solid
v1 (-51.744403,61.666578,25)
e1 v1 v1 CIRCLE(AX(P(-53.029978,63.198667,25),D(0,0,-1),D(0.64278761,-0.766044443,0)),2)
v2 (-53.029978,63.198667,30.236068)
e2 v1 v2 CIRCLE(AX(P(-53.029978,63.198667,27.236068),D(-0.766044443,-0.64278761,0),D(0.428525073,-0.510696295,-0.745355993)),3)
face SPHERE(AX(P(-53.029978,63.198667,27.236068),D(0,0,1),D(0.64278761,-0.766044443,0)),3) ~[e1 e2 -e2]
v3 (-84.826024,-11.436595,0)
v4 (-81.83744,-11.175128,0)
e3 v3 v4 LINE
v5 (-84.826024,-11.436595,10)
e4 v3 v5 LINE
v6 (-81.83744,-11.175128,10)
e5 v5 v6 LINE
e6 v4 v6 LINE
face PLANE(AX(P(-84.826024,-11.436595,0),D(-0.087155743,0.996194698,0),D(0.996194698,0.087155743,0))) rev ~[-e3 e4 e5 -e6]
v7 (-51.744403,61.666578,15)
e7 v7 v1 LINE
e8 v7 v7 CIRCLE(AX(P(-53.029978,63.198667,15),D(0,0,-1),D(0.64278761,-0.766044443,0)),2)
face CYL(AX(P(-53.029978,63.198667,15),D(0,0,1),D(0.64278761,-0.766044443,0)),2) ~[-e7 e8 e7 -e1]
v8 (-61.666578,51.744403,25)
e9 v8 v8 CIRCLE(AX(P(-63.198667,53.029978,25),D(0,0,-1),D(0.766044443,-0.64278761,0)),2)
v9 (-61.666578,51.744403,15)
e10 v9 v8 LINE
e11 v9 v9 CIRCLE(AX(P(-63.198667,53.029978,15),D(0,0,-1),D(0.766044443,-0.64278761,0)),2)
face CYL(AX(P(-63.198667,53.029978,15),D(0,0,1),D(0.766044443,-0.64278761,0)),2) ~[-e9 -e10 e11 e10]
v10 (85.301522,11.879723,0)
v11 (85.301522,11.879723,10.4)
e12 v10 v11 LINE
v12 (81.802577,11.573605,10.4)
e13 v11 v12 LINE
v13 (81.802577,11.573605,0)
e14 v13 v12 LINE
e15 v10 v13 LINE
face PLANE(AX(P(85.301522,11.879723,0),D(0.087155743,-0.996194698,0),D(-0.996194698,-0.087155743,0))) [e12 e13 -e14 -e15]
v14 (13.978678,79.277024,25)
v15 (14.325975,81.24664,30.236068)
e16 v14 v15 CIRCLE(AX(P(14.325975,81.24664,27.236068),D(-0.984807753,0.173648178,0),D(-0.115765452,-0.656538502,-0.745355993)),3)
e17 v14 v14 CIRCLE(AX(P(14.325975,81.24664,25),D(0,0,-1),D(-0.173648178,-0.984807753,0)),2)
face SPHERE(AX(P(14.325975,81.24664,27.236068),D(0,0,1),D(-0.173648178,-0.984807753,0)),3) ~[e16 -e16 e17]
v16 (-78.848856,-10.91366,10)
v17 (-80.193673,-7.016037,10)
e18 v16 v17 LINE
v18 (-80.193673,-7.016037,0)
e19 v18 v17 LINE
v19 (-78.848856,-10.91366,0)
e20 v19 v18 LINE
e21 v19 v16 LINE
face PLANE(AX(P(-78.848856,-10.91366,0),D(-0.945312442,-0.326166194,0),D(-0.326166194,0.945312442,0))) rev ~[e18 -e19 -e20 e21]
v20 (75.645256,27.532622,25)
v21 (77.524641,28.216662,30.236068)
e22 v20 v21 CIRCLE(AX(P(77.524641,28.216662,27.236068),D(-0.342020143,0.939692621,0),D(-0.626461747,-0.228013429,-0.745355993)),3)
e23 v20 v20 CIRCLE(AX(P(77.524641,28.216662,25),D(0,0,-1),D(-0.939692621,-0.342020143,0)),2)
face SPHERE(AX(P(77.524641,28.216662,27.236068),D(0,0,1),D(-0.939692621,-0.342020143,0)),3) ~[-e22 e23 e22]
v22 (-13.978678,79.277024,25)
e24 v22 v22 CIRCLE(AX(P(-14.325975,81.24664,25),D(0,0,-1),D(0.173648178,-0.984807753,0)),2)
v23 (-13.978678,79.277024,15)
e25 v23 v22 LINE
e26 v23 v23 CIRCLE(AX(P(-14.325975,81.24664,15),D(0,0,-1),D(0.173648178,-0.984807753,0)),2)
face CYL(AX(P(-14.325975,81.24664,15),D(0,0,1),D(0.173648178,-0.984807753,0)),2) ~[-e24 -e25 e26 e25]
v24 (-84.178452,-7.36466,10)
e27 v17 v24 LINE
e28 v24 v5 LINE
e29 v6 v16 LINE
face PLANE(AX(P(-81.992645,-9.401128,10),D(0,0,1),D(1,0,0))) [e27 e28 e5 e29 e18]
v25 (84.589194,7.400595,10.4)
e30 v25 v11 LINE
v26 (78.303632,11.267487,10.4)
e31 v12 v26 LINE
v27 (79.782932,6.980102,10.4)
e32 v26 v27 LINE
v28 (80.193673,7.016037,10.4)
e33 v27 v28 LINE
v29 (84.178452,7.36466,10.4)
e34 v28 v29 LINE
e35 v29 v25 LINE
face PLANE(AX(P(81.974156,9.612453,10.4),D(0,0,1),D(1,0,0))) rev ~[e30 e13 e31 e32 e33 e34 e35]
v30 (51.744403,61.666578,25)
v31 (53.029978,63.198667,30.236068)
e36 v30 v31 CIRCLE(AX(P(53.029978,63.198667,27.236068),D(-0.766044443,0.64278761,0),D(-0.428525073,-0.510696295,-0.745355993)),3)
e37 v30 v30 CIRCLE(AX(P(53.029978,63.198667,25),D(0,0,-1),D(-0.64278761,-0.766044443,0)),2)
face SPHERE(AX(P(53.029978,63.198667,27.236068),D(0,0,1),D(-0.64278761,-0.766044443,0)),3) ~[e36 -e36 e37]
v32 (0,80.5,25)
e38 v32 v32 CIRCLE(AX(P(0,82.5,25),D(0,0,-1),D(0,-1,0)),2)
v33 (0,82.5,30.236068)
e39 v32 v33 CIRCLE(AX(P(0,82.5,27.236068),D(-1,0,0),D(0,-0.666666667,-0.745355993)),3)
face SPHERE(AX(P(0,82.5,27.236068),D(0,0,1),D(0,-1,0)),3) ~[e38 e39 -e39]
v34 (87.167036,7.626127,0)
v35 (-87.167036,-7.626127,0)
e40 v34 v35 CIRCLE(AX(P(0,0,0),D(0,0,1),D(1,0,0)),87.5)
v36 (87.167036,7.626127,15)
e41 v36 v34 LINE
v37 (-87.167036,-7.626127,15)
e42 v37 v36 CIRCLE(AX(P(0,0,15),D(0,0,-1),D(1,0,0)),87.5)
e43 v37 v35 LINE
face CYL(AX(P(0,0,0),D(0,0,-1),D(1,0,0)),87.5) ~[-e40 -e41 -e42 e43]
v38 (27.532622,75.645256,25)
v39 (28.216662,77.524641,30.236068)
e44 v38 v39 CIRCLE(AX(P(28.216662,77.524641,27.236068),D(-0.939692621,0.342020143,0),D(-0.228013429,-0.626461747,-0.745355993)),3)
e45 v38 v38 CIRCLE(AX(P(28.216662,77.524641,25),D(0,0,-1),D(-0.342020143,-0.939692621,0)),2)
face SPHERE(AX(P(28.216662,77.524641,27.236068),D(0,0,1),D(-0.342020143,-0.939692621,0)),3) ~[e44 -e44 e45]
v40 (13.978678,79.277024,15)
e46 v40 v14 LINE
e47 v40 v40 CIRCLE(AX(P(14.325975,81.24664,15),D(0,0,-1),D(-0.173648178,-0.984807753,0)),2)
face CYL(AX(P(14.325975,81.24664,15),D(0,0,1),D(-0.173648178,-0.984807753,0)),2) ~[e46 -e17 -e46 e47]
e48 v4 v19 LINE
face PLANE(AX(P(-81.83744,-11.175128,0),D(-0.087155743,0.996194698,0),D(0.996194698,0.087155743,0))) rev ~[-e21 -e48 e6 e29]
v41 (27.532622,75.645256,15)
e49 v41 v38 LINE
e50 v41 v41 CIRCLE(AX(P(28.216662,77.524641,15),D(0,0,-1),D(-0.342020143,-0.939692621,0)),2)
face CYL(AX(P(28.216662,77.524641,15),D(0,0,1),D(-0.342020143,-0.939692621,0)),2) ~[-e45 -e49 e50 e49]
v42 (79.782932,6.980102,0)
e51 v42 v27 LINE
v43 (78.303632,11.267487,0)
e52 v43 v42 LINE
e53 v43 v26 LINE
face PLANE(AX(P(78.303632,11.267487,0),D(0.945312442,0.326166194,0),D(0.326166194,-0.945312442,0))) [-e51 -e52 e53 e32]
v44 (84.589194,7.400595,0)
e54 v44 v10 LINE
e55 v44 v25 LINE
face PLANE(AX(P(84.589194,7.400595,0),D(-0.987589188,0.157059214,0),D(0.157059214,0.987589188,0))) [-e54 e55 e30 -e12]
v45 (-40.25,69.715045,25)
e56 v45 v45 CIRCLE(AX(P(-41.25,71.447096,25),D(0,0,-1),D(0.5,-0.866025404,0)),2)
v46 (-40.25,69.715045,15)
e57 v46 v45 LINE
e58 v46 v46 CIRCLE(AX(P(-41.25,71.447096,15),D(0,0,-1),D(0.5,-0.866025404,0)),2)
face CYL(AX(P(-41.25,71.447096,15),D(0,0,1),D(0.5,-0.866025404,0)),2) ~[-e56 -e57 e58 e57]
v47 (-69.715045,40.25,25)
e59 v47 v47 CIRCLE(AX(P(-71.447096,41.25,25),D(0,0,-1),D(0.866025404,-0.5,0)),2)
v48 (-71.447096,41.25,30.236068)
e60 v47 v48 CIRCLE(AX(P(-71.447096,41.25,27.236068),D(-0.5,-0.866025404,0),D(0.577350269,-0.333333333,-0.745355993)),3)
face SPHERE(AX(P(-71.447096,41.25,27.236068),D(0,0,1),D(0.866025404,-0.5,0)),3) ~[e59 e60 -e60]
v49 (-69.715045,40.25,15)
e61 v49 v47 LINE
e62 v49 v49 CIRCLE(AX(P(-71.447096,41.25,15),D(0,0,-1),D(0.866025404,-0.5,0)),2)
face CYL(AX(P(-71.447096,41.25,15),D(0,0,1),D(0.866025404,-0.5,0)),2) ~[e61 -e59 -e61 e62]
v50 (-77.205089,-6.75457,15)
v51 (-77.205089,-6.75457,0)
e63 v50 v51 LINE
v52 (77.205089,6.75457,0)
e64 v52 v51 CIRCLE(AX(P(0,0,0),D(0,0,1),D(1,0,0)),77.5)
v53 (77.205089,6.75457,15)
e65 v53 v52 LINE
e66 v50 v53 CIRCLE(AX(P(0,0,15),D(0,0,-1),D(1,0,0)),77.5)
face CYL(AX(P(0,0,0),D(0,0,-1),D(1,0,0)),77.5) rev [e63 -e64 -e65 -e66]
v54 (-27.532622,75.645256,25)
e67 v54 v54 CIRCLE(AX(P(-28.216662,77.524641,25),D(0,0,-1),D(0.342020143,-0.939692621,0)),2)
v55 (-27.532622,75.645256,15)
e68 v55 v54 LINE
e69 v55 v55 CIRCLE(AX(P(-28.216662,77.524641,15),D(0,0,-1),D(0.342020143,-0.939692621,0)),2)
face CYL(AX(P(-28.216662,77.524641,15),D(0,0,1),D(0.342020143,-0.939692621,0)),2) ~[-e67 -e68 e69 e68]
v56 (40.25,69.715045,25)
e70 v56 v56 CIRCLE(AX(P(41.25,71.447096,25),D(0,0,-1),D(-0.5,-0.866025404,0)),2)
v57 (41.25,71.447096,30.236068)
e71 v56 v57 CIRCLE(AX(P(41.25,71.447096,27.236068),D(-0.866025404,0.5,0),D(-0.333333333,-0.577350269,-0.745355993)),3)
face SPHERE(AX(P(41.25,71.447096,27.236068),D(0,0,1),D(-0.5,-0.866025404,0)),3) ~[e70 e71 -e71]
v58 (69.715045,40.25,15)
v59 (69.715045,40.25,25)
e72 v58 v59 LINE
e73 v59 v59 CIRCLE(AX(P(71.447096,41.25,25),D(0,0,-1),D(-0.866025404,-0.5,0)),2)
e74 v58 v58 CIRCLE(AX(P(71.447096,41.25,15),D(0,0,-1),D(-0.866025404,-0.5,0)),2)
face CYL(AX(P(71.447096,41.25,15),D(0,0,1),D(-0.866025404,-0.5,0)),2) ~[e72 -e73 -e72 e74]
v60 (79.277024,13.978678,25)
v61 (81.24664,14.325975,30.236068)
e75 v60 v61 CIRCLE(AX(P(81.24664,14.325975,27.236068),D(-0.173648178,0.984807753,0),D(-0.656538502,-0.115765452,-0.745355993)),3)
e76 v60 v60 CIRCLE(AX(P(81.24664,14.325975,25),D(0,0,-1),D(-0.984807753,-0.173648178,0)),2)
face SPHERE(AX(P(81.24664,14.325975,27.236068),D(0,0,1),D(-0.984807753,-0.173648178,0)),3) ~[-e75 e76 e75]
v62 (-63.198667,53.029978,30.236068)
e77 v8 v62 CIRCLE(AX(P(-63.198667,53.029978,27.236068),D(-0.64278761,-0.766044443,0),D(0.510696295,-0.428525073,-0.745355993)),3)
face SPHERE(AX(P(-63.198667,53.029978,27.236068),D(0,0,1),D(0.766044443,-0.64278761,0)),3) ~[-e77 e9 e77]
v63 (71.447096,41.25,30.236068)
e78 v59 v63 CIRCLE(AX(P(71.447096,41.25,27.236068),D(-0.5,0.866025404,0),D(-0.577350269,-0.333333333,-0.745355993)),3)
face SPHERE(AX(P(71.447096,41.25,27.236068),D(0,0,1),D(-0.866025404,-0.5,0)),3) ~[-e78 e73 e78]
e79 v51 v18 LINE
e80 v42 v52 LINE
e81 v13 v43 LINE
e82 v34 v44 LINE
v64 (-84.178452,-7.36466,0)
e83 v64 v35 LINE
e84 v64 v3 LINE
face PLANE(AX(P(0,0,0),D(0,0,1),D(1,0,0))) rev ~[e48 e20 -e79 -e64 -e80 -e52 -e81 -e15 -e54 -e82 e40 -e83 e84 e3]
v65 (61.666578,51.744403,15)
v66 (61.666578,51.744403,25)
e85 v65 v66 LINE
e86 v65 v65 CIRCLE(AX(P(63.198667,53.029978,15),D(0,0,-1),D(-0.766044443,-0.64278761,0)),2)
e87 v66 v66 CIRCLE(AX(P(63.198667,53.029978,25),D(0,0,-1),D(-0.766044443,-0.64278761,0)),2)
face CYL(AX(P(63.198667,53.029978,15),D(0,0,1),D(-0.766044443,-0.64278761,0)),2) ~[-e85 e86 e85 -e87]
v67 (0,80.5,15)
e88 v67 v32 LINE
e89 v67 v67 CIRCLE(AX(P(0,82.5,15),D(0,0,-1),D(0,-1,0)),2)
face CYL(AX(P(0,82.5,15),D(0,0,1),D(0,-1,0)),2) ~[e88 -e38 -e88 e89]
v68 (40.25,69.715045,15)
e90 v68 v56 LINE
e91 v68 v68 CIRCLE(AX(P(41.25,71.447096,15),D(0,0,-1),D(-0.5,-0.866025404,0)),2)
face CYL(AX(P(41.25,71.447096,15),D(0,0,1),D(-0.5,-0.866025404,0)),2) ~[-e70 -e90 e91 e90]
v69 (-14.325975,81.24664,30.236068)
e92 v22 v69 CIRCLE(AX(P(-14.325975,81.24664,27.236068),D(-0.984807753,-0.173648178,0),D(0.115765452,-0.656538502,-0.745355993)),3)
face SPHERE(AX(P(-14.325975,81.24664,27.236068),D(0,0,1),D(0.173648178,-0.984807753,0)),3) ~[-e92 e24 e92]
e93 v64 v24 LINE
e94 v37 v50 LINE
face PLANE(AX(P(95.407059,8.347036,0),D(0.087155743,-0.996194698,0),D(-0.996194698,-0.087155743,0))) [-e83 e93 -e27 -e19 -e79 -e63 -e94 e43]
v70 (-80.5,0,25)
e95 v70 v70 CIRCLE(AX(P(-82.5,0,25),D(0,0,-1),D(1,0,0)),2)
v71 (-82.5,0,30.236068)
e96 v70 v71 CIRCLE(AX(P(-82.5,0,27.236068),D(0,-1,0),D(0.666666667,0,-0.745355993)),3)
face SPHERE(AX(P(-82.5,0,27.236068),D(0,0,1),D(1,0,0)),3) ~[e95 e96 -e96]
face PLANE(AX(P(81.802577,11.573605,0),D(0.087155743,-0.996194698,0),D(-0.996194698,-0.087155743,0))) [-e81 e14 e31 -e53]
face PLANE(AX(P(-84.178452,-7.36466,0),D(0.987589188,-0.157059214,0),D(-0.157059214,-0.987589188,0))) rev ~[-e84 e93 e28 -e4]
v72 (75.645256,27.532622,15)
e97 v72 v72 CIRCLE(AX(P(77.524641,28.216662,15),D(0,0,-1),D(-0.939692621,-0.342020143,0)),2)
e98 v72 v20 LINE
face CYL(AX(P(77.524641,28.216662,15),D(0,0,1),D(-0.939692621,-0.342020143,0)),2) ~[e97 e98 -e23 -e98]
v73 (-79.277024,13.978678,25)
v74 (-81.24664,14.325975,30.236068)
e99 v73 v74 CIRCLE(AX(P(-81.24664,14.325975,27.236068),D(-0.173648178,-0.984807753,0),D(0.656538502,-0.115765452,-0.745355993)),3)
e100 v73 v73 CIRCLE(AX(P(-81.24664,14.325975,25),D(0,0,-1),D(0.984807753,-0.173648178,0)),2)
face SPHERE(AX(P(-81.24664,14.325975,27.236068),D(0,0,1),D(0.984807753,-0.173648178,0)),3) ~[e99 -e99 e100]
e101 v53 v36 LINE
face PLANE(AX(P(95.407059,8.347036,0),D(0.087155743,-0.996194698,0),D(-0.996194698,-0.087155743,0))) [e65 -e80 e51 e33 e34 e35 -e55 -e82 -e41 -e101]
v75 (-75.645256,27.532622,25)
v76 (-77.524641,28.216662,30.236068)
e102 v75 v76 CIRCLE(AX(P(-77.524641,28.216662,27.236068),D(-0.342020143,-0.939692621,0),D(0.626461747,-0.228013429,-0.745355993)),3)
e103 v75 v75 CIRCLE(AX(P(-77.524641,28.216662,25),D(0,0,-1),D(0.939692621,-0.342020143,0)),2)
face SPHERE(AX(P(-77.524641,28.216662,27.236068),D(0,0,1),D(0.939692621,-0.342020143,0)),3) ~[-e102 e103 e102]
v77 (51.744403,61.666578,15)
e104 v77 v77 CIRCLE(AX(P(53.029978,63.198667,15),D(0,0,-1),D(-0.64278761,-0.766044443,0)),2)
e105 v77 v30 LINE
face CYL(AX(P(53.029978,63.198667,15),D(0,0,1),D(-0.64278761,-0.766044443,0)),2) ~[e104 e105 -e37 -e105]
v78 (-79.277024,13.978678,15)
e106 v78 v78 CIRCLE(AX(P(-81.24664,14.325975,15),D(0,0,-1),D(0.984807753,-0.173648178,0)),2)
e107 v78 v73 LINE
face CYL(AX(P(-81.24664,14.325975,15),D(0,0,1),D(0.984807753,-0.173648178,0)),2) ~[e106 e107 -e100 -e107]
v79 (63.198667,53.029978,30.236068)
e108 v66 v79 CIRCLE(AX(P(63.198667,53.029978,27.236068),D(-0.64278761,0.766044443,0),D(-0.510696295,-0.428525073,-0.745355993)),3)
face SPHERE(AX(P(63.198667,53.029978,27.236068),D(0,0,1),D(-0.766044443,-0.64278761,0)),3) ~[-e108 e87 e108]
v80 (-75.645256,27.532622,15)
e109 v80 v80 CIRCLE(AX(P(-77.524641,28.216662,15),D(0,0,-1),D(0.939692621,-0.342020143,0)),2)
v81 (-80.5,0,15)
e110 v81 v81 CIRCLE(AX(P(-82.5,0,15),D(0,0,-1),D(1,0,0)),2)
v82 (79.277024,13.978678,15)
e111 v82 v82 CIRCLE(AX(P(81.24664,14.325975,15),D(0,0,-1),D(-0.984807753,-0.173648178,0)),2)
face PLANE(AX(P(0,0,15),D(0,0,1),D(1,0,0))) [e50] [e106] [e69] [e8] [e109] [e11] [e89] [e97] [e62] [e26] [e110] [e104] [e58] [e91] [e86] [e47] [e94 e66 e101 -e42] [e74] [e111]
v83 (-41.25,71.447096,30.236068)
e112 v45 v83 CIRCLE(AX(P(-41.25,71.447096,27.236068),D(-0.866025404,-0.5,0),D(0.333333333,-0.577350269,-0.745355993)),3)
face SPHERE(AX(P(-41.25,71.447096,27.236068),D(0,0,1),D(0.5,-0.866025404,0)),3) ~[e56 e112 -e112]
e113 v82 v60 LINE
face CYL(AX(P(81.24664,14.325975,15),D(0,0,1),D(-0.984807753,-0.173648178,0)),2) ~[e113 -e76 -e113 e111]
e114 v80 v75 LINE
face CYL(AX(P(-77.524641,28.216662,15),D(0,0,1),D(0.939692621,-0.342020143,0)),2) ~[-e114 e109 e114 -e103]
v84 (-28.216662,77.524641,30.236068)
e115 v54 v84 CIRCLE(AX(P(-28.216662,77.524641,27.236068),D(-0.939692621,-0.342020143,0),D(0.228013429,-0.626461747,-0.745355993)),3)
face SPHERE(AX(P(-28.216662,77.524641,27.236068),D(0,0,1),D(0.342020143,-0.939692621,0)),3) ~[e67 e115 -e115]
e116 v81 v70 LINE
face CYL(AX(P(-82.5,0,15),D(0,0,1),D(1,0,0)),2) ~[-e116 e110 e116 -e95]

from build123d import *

# Parameters (mm, degrees)
F0_R      = 87.5
F0_R_2    = 77.5
F1_DEPTH  = 15
F4_COUNT  = 36
F6_DEPTH  = 30.2370679775
F8_DEPTH  = 10
F10_DEPTH = 10.4


with BuildPart() as f1:
    # F0 (on Top) → F1 (new body)
    with BuildSketch(Plane.XY):
        Circle(F0_R)
        Circle(F0_R_2, mode=Mode.SUBTRACT)
    extrude(amount=F1_DEPTH)

    # F2 (on Front) → F3 (revolve)
    with BuildSketch(Plane.XZ):
        with BuildLine():
            Line((-82.5, 15), (-80.5, 15))
            Line((-80.5, 15), (-80.5, 25))
            ThreePointArc((-80.5, 25), (-79.6974829231, 28.3065342468), (-82.5, 30.2360679775))
            Line((-82.5, 30.2360679775), (-82.5, 15))
        make_face()
    revolve(axis=Axis((-82.5, 0, 22.6180339887), (0, 0, -1)))

    # F4: F1 ×36 about axis
    f4_axis = Axis((0, 0, 15), (0, 0, 1))


with BuildPart() as f1_1:
    add(f1.part)
    for i in range(1, F4_COUNT):
        add(f1.part.rotate(f4_axis, i * 360 / F4_COUNT))

    # F5 (on Top) → F6 (cut, through all)
    with BuildSketch(Plane.XY):
        Polygon((95.4070592886, 8.3470361081), (-95.4070592886, -8.3470361081), (-95.4070592886, -98.1738418341), (95.4070592886, -98.1738418341), align=None)
    extrude(amount=F6_DEPTH, mode=Mode.SUBTRACT)

    # F7 (on Top) → F8 (join)
    with BuildSketch(Plane.XY):
        Polygon((-78.8488555273, -10.9136603408), (-80.1936731964, -7.0160372912), (-82.1860625926, -7.1903487767), (-84.1784519888, -7.3646602622), (-84.8260237159, -11.4365947973), (-81.8374396216, -11.175127569), align=None)
    extrude(amount=F8_DEPTH)

    # F9 (on Top) → F10 (cut)
    with BuildSketch(Plane.XY):
        Polygon((82.1860625926, 7.1903487767), (84.1784519888, 7.3646602622), (84.5891935851, 7.4005954955), (85.301522485, 11.8797234841), (81.8025773245, 11.5736054483), (78.303632164, 11.2674874124), (79.7829316, 6.9801020579), (80.1936731964, 7.0160372912), align=None)
    extrude(amount=F10_DEPTH, mode=Mode.SUBTRACT)


solid = f1_1.part
